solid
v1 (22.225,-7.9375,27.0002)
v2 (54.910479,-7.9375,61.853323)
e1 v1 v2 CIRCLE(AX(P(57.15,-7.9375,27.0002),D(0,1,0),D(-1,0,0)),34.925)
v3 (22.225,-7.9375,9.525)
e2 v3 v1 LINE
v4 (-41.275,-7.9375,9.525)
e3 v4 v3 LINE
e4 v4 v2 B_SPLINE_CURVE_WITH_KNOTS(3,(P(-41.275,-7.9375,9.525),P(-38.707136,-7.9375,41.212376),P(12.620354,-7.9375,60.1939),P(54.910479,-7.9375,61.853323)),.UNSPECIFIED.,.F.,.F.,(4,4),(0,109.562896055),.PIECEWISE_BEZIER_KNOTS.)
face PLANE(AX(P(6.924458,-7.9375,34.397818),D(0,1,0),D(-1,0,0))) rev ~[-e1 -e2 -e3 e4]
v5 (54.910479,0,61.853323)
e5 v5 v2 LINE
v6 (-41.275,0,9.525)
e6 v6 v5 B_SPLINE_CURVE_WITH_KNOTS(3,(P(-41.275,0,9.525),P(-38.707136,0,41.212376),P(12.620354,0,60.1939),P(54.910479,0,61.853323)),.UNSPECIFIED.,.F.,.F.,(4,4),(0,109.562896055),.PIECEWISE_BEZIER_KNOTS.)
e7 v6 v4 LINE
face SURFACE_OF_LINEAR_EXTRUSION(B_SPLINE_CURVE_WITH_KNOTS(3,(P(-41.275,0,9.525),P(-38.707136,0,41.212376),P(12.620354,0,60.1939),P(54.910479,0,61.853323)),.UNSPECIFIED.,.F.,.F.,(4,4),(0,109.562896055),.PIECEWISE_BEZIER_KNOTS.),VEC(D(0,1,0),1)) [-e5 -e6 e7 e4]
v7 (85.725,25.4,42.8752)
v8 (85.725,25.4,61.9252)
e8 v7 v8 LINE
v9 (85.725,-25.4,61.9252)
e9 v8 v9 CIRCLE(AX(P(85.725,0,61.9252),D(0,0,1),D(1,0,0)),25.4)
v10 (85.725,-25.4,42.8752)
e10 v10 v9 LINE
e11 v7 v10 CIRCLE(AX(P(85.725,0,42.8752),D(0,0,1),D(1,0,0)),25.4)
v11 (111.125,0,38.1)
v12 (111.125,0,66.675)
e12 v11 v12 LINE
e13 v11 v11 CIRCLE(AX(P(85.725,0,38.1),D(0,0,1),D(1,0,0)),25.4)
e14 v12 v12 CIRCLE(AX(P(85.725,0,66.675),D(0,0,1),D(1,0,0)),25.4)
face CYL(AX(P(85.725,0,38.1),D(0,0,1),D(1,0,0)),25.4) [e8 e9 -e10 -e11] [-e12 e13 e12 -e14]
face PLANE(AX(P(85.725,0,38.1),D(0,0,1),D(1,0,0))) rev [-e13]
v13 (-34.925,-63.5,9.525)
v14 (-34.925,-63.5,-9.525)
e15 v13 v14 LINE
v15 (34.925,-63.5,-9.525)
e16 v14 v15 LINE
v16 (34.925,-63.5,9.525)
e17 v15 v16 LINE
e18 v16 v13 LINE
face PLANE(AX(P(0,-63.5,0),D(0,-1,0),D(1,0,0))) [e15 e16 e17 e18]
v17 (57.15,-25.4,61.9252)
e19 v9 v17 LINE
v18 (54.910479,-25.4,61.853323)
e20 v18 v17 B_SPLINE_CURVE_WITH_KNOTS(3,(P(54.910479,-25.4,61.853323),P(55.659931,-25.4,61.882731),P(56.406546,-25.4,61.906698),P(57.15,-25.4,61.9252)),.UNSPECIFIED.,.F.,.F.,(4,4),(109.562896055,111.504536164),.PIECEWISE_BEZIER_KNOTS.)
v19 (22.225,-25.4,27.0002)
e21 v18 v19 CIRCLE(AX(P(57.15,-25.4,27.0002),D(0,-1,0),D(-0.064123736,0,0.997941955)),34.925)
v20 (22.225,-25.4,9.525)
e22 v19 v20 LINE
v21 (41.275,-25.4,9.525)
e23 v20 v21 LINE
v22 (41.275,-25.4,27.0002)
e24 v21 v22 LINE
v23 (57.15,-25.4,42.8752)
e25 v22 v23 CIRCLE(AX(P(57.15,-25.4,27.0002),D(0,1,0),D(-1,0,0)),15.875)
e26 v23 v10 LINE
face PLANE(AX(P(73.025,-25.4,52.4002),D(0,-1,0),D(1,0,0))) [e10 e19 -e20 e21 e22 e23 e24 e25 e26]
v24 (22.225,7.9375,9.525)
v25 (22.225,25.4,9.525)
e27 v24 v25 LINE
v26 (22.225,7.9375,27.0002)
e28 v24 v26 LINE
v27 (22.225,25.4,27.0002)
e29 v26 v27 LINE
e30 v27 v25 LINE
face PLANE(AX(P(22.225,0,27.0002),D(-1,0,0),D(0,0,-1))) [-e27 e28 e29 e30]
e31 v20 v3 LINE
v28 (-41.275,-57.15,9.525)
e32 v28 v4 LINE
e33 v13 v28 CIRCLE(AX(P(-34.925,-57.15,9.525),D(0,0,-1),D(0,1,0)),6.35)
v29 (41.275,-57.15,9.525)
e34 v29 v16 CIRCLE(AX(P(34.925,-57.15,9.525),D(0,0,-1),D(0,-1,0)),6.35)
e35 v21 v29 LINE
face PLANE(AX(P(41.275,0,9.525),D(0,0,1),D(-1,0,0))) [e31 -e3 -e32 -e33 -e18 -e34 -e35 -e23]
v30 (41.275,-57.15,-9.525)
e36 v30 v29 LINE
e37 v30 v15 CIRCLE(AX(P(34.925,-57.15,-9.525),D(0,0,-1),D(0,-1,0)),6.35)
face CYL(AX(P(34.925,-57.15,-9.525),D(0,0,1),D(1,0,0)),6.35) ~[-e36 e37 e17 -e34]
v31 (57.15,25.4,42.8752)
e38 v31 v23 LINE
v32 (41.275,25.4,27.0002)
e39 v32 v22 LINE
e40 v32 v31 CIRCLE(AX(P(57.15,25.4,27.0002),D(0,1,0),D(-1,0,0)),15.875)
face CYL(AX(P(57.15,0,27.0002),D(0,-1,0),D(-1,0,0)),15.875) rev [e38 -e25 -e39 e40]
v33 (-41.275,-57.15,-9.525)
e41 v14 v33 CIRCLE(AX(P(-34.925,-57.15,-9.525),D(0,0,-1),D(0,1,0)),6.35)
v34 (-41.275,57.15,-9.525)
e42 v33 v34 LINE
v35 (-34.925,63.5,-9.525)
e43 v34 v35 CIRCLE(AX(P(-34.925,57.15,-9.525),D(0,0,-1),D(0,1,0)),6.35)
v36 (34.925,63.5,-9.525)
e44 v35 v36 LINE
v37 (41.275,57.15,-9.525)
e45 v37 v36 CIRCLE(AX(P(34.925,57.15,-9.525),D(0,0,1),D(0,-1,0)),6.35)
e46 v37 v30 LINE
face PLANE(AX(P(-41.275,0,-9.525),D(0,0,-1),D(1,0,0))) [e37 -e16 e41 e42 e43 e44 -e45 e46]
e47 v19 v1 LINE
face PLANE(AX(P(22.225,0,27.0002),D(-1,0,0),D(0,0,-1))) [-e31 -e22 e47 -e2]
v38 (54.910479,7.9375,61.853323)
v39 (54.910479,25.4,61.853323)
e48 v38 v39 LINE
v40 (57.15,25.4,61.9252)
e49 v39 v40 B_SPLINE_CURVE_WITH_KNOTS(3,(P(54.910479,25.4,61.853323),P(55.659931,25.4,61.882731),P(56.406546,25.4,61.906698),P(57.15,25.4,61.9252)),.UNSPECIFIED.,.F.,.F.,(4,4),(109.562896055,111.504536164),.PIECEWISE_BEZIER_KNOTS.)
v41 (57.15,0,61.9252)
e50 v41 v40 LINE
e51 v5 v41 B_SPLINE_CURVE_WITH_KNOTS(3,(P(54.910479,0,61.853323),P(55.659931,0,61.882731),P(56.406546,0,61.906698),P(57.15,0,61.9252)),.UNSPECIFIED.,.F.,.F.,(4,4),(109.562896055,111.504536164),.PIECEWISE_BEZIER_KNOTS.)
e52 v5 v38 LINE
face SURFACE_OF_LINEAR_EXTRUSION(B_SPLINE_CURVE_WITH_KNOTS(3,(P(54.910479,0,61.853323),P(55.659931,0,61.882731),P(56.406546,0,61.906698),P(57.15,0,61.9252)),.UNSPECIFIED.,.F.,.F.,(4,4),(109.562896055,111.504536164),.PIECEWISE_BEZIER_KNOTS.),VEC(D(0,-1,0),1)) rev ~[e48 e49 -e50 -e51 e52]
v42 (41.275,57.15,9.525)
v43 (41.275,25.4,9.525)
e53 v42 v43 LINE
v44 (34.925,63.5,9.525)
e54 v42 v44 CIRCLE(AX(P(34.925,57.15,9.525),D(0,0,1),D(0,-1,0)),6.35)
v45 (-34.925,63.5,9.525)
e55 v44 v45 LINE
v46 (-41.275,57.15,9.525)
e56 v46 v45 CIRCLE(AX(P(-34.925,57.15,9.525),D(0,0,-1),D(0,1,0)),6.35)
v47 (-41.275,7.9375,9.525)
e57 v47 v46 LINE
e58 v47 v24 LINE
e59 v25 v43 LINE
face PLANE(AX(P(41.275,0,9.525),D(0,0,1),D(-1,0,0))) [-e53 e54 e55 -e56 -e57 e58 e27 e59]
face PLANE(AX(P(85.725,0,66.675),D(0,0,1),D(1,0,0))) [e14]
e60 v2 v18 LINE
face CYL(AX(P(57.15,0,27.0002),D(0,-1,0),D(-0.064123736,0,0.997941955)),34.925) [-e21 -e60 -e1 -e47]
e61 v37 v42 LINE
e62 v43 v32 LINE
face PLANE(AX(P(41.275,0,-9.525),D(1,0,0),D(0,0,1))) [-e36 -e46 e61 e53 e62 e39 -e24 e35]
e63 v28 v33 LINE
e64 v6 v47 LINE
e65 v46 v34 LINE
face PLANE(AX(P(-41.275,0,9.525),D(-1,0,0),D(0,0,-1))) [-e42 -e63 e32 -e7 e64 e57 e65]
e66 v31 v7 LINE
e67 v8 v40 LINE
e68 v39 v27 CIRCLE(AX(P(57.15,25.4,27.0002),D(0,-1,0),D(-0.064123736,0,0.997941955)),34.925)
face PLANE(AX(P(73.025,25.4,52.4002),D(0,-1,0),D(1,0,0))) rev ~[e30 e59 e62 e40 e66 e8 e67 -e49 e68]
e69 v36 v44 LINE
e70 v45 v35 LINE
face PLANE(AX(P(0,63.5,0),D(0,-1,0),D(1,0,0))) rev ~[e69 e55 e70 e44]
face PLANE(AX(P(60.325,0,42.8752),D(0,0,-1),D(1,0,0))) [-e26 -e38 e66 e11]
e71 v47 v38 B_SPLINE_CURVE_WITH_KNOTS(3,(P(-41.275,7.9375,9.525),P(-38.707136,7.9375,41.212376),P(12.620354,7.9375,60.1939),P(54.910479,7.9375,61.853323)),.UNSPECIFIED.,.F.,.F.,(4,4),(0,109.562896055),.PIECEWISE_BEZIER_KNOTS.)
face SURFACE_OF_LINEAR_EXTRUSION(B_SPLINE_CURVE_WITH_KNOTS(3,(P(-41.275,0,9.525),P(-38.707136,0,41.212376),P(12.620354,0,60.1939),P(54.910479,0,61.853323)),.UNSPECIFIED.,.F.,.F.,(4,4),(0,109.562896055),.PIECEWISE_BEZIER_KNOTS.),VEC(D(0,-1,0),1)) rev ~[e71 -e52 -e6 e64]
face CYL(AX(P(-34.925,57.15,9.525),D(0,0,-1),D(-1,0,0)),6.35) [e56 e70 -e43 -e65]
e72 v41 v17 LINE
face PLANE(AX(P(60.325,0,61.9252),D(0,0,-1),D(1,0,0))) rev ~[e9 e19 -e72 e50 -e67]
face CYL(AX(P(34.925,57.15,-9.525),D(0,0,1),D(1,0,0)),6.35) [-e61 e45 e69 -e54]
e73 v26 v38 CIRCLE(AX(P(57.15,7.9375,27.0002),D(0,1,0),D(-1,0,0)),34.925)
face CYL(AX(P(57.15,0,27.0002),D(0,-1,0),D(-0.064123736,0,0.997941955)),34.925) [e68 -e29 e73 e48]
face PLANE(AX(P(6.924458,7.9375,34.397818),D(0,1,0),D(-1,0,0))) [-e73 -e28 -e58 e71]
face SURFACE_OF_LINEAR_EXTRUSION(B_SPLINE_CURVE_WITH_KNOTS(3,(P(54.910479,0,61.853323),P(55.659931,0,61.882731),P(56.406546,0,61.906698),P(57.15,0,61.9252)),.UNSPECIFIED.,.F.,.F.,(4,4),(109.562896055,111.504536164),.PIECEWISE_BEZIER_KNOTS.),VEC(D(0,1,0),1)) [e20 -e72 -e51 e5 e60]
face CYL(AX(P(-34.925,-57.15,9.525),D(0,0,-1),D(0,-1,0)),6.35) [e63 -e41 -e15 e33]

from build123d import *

# Parameters (mm, degrees)
F1_DEPTH = 63.5
F2_DEPTH = 25.4
F3_DEPTH = 7.9375
F0_W     = 25.4
F0_H     = 19.05
F4_DEPTH = 25.4
F6_R     = 6.35


with BuildPart() as f1:
    # F0 (on Front) → F1 (new body, symmetric)
    with BuildSketch(Plane.XZ):
        Polygon((-41.275, -9.525), (41.275, -9.525), (41.275, 9.525), (22.225, 9.525), (-41.275, 9.525), align=None)
    extrude(amount=F1_DEPTH, both=True)

    # F0 (on Front) → F2 (join, symmetric)
    with BuildSketch(Plane.XZ):
        with BuildLine():
            Line((22.225, 9.525), (41.275, 9.525))
            Line((41.275, 9.525), (41.275, 27.0002))
            ThreePointArc((41.275, 27.0002), (45.9246798487, 38.2255201513), (57.15, 42.8752))
            Line((57.15, 42.8752), (60.325, 42.8752))
            Line((60.325, 42.8752), (60.325, 61.9252))
            Line((60.325, 61.9252), (57.15, 61.9252))
            add(Edge.make_bspline(
                [(54.9104785197, 61.8533227947), (55.6599311663, 61.8827305791), (56.4065455523, 61.9066982117), (57.15, 61.9252)],
                knots=[109.5628960552, 109.5628960552, 109.5628960552, 109.5628960552, 111.5045361635, 111.5045361635, 111.5045361635, 111.5045361635], degree=3))
            ThreePointArc((54.9104785197, 61.8533227947), (31.67480704, 50.8909967354), (22.225, 27.0002))
            Line((22.225, 27.0002), (22.225, 9.525))
        make_face()
    extrude(amount=F2_DEPTH, both=True)

    # F0 (on Front) → F3 (join, symmetric)
    with BuildSketch(Plane.XZ):
        with BuildLine():
            add(Edge.make_bspline(
                [(-41.275, 9.525), (-38.7071358638, 41.2123762099), (12.620353756, 60.1938999086), (54.9104785197, 61.8533227947)],
                knots=[0, 0, 0, 0, 109.5628960552, 109.5628960552, 109.5628960552, 109.5628960552], degree=3))
            Line((-41.275, 9.525), (22.225, 9.525))
            Line((22.225, 9.525), (22.225, 27.0002))
            ThreePointArc((22.225, 27.0002), (31.67480704, 50.8909967354), (54.9104785197, 61.8533227947))
        make_face()
    extrude(amount=F3_DEPTH, both=True)

    # F0 (on Front) → F4 (join, symmetric)
    with BuildSketch(Plane.XZ):
        with Locations((73.025, 52.4002)):
            Rectangle(F0_W, F0_H)
    extrude(amount=F4_DEPTH, both=True)

    # F0 (on Front) → F5 (revolve)
    with BuildSketch(Plane.XZ):
        Polygon((85.725, 61.9252), (85.725, 42.8752), (85.725, 38.1), (111.125, 38.1), (111.125, 66.675), (85.725, 66.675), align=None)
    revolve(axis=Axis((85.725, 0, 52.3875), (0, 0, 1)))

    # F6
    f6_edges = [f1.edges().sort_by_distance(p)[0] for p in [
        (-41.275, -63.5, 0),
        (41.275, -63.5, 0),
        (41.275, 63.5, 0),
        (-41.275, 63.5, 0),
    ]]
    fillet(f6_edges, radius=F6_R)


solid = f1.part
